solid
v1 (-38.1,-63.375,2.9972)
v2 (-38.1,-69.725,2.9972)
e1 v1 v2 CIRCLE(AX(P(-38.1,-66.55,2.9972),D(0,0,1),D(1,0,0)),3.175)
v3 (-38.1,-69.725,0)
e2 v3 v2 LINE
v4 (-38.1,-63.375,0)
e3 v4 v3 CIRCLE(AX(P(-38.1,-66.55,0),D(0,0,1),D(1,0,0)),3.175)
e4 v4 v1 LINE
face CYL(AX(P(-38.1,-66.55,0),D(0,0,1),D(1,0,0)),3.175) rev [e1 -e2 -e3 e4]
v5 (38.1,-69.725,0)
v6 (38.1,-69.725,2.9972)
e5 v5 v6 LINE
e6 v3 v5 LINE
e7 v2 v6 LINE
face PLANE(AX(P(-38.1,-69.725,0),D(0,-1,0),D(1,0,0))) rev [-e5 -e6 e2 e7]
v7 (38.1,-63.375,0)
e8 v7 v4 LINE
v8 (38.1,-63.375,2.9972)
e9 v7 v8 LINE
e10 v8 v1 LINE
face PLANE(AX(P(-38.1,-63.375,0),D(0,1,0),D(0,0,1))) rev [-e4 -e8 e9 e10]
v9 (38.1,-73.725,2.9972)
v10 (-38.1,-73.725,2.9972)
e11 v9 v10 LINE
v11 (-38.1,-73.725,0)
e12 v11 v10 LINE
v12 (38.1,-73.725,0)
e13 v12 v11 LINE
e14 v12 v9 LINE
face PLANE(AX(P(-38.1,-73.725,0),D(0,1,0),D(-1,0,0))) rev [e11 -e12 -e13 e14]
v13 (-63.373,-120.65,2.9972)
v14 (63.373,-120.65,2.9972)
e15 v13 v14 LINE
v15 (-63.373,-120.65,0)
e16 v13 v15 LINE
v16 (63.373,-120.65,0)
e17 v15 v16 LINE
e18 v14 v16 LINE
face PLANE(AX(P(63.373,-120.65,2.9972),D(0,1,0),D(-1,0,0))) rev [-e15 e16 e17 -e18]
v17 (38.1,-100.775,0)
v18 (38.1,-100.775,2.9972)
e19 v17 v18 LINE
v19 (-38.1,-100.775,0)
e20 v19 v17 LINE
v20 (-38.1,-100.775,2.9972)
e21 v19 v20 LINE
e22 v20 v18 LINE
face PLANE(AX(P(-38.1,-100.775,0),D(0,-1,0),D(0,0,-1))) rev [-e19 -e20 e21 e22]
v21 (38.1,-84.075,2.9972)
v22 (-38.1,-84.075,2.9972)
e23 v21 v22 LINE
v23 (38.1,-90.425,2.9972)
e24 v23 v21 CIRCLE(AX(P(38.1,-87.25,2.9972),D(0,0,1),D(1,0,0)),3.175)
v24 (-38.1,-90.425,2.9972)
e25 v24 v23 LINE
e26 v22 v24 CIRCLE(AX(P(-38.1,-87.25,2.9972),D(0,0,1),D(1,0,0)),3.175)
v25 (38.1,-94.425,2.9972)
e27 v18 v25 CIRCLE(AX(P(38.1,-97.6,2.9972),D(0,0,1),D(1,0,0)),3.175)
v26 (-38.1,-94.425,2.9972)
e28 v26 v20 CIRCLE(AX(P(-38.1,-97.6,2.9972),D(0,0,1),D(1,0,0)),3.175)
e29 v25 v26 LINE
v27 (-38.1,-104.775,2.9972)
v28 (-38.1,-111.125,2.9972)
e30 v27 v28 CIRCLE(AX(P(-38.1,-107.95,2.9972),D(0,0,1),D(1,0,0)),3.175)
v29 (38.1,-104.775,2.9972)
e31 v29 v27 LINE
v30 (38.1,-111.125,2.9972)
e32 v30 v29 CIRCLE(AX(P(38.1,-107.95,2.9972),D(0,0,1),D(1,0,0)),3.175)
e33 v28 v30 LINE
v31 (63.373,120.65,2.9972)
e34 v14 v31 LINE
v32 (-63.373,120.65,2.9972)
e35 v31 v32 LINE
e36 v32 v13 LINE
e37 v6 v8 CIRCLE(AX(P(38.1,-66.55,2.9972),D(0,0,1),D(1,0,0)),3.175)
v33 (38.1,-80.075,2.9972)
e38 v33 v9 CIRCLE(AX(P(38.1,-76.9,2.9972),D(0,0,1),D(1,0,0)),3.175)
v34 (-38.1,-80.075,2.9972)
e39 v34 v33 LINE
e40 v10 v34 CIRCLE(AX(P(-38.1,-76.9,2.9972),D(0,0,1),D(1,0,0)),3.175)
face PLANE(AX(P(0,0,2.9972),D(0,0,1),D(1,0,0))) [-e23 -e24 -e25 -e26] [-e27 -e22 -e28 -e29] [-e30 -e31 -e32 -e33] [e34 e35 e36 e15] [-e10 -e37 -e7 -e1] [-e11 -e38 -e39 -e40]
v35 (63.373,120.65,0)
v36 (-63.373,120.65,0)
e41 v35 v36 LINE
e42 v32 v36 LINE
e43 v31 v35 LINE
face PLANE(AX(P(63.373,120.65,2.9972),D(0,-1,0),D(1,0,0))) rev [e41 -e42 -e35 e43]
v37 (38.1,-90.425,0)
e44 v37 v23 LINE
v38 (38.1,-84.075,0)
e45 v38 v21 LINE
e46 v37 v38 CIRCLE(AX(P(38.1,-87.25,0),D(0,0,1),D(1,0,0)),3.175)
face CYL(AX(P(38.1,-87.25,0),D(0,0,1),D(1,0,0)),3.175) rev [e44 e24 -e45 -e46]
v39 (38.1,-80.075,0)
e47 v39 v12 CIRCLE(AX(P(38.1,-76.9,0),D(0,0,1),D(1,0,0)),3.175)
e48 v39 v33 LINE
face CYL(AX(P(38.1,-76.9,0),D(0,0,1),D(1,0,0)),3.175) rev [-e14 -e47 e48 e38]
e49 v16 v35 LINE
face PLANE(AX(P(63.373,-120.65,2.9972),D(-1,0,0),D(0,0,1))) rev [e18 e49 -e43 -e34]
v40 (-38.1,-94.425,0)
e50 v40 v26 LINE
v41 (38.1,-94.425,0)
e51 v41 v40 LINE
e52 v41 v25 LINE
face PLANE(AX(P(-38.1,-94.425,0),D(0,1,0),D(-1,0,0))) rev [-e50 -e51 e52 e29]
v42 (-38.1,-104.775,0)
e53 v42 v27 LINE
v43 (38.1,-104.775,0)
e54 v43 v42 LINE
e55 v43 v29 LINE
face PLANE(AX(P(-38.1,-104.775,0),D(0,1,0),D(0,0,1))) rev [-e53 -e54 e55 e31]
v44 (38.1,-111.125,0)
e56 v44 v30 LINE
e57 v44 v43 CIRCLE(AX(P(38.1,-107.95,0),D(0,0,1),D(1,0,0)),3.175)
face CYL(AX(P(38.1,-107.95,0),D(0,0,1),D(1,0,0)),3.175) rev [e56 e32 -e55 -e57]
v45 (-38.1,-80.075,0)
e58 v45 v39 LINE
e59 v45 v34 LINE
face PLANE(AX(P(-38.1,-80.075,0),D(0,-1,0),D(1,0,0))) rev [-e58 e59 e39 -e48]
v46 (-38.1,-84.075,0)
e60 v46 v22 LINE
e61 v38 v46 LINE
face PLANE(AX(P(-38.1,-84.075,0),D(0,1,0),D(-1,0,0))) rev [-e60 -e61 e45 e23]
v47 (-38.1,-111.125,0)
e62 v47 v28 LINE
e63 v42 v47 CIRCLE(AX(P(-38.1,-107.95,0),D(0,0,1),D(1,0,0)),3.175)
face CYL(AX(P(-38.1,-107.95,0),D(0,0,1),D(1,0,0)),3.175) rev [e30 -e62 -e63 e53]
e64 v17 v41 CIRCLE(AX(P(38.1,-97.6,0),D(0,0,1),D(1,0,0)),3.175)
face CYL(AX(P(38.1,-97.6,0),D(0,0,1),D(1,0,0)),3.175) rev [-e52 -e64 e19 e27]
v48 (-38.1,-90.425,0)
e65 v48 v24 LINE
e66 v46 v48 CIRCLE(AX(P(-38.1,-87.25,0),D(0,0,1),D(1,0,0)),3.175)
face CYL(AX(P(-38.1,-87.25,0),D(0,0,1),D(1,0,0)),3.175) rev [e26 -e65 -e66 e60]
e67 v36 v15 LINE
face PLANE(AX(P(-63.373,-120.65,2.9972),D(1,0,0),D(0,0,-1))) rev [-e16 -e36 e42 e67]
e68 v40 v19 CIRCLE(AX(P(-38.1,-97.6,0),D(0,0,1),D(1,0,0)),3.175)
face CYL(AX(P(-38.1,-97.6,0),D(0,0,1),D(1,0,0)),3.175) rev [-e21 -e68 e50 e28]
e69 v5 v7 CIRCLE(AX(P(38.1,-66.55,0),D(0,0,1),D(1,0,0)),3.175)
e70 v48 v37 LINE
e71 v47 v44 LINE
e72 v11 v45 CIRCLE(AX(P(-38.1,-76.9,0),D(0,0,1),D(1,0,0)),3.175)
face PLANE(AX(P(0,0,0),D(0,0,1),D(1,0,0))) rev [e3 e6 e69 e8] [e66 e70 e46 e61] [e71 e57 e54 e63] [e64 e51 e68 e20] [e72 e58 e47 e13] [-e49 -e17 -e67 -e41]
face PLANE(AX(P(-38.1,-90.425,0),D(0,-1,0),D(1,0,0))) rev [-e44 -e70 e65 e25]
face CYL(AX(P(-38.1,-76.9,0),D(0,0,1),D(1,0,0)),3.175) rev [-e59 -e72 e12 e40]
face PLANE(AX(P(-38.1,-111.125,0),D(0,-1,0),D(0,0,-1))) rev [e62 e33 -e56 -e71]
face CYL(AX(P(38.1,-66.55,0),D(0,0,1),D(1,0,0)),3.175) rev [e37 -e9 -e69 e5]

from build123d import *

# Parameters (mm, degrees)
SKETCH1_W           = 126.746
SKETCH1_H           = 241.3
BOSS_EXTRUDE1_DEPTH = 2.9972
CUT_EXTRUDE1_DEPTH  = 137.314132931


with BuildPart() as part:
    # Sketch1 → Boss-Extrude1 (new body)
    with BuildSketch(Plane.XY):
        Rectangle(SKETCH1_W, SKETCH1_H)
    extrude(amount=BOSS_EXTRUDE1_DEPTH)

    # Sketch2 → Cut-Extrude1 (cut, through all)
    with BuildSketch(Plane.XY.offset(2.9972)):
        with BuildLine():
            Line((-38.1, -63.375), (38.1, -63.375))
            ThreePointArc((38.1, -63.375), (41.275, -66.55), (38.1, -69.725))
            Line((38.1, -69.725), (-38.1, -69.725))
            ThreePointArc((-38.1, -69.725), (-41.275, -66.55), (-38.1, -63.375))
        make_face()
        with BuildLine():
            Line((-38.1, -84.075), (38.1, -84.075))
            ThreePointArc((38.1, -84.075), (41.275, -87.25), (38.1, -90.425))
            Line((38.1, -90.425), (-38.1, -90.425))
            ThreePointArc((-38.1, -90.425), (-41.275, -87.25), (-38.1, -84.075))
        make_face()
        with BuildLine():
            Line((-38.1, -104.775), (38.1, -104.775))
            ThreePointArc((38.1, -104.775), (41.275, -107.95), (38.1, -111.125))
            Line((38.1, -111.125), (-38.1, -111.125))
            ThreePointArc((-38.1, -111.125), (-41.275, -107.95), (-38.1, -104.775))
        make_face()
        with BuildLine():
            Line((-38.1, -73.725), (38.1, -73.725))
            ThreePointArc((38.1, -73.725), (41.275, -76.9), (38.1, -80.075))
            Line((38.1, -80.075), (-38.1, -80.075))
            ThreePointArc((-38.1, -80.075), (-41.275, -76.9), (-38.1, -73.725))
        make_face()
        with BuildLine():
            Line((-38.1, -94.425), (38.1, -94.425))
            ThreePointArc((38.1, -94.425), (41.275, -97.6), (38.1, -100.775))
            Line((38.1, -100.775), (-38.1, -100.775))
            ThreePointArc((-38.1, -100.775), (-41.275, -97.6), (-38.1, -94.425))
        make_face()
    extrude(amount=-CUT_EXTRUDE1_DEPTH, mode=Mode.SUBTRACT)


solid = part.part
